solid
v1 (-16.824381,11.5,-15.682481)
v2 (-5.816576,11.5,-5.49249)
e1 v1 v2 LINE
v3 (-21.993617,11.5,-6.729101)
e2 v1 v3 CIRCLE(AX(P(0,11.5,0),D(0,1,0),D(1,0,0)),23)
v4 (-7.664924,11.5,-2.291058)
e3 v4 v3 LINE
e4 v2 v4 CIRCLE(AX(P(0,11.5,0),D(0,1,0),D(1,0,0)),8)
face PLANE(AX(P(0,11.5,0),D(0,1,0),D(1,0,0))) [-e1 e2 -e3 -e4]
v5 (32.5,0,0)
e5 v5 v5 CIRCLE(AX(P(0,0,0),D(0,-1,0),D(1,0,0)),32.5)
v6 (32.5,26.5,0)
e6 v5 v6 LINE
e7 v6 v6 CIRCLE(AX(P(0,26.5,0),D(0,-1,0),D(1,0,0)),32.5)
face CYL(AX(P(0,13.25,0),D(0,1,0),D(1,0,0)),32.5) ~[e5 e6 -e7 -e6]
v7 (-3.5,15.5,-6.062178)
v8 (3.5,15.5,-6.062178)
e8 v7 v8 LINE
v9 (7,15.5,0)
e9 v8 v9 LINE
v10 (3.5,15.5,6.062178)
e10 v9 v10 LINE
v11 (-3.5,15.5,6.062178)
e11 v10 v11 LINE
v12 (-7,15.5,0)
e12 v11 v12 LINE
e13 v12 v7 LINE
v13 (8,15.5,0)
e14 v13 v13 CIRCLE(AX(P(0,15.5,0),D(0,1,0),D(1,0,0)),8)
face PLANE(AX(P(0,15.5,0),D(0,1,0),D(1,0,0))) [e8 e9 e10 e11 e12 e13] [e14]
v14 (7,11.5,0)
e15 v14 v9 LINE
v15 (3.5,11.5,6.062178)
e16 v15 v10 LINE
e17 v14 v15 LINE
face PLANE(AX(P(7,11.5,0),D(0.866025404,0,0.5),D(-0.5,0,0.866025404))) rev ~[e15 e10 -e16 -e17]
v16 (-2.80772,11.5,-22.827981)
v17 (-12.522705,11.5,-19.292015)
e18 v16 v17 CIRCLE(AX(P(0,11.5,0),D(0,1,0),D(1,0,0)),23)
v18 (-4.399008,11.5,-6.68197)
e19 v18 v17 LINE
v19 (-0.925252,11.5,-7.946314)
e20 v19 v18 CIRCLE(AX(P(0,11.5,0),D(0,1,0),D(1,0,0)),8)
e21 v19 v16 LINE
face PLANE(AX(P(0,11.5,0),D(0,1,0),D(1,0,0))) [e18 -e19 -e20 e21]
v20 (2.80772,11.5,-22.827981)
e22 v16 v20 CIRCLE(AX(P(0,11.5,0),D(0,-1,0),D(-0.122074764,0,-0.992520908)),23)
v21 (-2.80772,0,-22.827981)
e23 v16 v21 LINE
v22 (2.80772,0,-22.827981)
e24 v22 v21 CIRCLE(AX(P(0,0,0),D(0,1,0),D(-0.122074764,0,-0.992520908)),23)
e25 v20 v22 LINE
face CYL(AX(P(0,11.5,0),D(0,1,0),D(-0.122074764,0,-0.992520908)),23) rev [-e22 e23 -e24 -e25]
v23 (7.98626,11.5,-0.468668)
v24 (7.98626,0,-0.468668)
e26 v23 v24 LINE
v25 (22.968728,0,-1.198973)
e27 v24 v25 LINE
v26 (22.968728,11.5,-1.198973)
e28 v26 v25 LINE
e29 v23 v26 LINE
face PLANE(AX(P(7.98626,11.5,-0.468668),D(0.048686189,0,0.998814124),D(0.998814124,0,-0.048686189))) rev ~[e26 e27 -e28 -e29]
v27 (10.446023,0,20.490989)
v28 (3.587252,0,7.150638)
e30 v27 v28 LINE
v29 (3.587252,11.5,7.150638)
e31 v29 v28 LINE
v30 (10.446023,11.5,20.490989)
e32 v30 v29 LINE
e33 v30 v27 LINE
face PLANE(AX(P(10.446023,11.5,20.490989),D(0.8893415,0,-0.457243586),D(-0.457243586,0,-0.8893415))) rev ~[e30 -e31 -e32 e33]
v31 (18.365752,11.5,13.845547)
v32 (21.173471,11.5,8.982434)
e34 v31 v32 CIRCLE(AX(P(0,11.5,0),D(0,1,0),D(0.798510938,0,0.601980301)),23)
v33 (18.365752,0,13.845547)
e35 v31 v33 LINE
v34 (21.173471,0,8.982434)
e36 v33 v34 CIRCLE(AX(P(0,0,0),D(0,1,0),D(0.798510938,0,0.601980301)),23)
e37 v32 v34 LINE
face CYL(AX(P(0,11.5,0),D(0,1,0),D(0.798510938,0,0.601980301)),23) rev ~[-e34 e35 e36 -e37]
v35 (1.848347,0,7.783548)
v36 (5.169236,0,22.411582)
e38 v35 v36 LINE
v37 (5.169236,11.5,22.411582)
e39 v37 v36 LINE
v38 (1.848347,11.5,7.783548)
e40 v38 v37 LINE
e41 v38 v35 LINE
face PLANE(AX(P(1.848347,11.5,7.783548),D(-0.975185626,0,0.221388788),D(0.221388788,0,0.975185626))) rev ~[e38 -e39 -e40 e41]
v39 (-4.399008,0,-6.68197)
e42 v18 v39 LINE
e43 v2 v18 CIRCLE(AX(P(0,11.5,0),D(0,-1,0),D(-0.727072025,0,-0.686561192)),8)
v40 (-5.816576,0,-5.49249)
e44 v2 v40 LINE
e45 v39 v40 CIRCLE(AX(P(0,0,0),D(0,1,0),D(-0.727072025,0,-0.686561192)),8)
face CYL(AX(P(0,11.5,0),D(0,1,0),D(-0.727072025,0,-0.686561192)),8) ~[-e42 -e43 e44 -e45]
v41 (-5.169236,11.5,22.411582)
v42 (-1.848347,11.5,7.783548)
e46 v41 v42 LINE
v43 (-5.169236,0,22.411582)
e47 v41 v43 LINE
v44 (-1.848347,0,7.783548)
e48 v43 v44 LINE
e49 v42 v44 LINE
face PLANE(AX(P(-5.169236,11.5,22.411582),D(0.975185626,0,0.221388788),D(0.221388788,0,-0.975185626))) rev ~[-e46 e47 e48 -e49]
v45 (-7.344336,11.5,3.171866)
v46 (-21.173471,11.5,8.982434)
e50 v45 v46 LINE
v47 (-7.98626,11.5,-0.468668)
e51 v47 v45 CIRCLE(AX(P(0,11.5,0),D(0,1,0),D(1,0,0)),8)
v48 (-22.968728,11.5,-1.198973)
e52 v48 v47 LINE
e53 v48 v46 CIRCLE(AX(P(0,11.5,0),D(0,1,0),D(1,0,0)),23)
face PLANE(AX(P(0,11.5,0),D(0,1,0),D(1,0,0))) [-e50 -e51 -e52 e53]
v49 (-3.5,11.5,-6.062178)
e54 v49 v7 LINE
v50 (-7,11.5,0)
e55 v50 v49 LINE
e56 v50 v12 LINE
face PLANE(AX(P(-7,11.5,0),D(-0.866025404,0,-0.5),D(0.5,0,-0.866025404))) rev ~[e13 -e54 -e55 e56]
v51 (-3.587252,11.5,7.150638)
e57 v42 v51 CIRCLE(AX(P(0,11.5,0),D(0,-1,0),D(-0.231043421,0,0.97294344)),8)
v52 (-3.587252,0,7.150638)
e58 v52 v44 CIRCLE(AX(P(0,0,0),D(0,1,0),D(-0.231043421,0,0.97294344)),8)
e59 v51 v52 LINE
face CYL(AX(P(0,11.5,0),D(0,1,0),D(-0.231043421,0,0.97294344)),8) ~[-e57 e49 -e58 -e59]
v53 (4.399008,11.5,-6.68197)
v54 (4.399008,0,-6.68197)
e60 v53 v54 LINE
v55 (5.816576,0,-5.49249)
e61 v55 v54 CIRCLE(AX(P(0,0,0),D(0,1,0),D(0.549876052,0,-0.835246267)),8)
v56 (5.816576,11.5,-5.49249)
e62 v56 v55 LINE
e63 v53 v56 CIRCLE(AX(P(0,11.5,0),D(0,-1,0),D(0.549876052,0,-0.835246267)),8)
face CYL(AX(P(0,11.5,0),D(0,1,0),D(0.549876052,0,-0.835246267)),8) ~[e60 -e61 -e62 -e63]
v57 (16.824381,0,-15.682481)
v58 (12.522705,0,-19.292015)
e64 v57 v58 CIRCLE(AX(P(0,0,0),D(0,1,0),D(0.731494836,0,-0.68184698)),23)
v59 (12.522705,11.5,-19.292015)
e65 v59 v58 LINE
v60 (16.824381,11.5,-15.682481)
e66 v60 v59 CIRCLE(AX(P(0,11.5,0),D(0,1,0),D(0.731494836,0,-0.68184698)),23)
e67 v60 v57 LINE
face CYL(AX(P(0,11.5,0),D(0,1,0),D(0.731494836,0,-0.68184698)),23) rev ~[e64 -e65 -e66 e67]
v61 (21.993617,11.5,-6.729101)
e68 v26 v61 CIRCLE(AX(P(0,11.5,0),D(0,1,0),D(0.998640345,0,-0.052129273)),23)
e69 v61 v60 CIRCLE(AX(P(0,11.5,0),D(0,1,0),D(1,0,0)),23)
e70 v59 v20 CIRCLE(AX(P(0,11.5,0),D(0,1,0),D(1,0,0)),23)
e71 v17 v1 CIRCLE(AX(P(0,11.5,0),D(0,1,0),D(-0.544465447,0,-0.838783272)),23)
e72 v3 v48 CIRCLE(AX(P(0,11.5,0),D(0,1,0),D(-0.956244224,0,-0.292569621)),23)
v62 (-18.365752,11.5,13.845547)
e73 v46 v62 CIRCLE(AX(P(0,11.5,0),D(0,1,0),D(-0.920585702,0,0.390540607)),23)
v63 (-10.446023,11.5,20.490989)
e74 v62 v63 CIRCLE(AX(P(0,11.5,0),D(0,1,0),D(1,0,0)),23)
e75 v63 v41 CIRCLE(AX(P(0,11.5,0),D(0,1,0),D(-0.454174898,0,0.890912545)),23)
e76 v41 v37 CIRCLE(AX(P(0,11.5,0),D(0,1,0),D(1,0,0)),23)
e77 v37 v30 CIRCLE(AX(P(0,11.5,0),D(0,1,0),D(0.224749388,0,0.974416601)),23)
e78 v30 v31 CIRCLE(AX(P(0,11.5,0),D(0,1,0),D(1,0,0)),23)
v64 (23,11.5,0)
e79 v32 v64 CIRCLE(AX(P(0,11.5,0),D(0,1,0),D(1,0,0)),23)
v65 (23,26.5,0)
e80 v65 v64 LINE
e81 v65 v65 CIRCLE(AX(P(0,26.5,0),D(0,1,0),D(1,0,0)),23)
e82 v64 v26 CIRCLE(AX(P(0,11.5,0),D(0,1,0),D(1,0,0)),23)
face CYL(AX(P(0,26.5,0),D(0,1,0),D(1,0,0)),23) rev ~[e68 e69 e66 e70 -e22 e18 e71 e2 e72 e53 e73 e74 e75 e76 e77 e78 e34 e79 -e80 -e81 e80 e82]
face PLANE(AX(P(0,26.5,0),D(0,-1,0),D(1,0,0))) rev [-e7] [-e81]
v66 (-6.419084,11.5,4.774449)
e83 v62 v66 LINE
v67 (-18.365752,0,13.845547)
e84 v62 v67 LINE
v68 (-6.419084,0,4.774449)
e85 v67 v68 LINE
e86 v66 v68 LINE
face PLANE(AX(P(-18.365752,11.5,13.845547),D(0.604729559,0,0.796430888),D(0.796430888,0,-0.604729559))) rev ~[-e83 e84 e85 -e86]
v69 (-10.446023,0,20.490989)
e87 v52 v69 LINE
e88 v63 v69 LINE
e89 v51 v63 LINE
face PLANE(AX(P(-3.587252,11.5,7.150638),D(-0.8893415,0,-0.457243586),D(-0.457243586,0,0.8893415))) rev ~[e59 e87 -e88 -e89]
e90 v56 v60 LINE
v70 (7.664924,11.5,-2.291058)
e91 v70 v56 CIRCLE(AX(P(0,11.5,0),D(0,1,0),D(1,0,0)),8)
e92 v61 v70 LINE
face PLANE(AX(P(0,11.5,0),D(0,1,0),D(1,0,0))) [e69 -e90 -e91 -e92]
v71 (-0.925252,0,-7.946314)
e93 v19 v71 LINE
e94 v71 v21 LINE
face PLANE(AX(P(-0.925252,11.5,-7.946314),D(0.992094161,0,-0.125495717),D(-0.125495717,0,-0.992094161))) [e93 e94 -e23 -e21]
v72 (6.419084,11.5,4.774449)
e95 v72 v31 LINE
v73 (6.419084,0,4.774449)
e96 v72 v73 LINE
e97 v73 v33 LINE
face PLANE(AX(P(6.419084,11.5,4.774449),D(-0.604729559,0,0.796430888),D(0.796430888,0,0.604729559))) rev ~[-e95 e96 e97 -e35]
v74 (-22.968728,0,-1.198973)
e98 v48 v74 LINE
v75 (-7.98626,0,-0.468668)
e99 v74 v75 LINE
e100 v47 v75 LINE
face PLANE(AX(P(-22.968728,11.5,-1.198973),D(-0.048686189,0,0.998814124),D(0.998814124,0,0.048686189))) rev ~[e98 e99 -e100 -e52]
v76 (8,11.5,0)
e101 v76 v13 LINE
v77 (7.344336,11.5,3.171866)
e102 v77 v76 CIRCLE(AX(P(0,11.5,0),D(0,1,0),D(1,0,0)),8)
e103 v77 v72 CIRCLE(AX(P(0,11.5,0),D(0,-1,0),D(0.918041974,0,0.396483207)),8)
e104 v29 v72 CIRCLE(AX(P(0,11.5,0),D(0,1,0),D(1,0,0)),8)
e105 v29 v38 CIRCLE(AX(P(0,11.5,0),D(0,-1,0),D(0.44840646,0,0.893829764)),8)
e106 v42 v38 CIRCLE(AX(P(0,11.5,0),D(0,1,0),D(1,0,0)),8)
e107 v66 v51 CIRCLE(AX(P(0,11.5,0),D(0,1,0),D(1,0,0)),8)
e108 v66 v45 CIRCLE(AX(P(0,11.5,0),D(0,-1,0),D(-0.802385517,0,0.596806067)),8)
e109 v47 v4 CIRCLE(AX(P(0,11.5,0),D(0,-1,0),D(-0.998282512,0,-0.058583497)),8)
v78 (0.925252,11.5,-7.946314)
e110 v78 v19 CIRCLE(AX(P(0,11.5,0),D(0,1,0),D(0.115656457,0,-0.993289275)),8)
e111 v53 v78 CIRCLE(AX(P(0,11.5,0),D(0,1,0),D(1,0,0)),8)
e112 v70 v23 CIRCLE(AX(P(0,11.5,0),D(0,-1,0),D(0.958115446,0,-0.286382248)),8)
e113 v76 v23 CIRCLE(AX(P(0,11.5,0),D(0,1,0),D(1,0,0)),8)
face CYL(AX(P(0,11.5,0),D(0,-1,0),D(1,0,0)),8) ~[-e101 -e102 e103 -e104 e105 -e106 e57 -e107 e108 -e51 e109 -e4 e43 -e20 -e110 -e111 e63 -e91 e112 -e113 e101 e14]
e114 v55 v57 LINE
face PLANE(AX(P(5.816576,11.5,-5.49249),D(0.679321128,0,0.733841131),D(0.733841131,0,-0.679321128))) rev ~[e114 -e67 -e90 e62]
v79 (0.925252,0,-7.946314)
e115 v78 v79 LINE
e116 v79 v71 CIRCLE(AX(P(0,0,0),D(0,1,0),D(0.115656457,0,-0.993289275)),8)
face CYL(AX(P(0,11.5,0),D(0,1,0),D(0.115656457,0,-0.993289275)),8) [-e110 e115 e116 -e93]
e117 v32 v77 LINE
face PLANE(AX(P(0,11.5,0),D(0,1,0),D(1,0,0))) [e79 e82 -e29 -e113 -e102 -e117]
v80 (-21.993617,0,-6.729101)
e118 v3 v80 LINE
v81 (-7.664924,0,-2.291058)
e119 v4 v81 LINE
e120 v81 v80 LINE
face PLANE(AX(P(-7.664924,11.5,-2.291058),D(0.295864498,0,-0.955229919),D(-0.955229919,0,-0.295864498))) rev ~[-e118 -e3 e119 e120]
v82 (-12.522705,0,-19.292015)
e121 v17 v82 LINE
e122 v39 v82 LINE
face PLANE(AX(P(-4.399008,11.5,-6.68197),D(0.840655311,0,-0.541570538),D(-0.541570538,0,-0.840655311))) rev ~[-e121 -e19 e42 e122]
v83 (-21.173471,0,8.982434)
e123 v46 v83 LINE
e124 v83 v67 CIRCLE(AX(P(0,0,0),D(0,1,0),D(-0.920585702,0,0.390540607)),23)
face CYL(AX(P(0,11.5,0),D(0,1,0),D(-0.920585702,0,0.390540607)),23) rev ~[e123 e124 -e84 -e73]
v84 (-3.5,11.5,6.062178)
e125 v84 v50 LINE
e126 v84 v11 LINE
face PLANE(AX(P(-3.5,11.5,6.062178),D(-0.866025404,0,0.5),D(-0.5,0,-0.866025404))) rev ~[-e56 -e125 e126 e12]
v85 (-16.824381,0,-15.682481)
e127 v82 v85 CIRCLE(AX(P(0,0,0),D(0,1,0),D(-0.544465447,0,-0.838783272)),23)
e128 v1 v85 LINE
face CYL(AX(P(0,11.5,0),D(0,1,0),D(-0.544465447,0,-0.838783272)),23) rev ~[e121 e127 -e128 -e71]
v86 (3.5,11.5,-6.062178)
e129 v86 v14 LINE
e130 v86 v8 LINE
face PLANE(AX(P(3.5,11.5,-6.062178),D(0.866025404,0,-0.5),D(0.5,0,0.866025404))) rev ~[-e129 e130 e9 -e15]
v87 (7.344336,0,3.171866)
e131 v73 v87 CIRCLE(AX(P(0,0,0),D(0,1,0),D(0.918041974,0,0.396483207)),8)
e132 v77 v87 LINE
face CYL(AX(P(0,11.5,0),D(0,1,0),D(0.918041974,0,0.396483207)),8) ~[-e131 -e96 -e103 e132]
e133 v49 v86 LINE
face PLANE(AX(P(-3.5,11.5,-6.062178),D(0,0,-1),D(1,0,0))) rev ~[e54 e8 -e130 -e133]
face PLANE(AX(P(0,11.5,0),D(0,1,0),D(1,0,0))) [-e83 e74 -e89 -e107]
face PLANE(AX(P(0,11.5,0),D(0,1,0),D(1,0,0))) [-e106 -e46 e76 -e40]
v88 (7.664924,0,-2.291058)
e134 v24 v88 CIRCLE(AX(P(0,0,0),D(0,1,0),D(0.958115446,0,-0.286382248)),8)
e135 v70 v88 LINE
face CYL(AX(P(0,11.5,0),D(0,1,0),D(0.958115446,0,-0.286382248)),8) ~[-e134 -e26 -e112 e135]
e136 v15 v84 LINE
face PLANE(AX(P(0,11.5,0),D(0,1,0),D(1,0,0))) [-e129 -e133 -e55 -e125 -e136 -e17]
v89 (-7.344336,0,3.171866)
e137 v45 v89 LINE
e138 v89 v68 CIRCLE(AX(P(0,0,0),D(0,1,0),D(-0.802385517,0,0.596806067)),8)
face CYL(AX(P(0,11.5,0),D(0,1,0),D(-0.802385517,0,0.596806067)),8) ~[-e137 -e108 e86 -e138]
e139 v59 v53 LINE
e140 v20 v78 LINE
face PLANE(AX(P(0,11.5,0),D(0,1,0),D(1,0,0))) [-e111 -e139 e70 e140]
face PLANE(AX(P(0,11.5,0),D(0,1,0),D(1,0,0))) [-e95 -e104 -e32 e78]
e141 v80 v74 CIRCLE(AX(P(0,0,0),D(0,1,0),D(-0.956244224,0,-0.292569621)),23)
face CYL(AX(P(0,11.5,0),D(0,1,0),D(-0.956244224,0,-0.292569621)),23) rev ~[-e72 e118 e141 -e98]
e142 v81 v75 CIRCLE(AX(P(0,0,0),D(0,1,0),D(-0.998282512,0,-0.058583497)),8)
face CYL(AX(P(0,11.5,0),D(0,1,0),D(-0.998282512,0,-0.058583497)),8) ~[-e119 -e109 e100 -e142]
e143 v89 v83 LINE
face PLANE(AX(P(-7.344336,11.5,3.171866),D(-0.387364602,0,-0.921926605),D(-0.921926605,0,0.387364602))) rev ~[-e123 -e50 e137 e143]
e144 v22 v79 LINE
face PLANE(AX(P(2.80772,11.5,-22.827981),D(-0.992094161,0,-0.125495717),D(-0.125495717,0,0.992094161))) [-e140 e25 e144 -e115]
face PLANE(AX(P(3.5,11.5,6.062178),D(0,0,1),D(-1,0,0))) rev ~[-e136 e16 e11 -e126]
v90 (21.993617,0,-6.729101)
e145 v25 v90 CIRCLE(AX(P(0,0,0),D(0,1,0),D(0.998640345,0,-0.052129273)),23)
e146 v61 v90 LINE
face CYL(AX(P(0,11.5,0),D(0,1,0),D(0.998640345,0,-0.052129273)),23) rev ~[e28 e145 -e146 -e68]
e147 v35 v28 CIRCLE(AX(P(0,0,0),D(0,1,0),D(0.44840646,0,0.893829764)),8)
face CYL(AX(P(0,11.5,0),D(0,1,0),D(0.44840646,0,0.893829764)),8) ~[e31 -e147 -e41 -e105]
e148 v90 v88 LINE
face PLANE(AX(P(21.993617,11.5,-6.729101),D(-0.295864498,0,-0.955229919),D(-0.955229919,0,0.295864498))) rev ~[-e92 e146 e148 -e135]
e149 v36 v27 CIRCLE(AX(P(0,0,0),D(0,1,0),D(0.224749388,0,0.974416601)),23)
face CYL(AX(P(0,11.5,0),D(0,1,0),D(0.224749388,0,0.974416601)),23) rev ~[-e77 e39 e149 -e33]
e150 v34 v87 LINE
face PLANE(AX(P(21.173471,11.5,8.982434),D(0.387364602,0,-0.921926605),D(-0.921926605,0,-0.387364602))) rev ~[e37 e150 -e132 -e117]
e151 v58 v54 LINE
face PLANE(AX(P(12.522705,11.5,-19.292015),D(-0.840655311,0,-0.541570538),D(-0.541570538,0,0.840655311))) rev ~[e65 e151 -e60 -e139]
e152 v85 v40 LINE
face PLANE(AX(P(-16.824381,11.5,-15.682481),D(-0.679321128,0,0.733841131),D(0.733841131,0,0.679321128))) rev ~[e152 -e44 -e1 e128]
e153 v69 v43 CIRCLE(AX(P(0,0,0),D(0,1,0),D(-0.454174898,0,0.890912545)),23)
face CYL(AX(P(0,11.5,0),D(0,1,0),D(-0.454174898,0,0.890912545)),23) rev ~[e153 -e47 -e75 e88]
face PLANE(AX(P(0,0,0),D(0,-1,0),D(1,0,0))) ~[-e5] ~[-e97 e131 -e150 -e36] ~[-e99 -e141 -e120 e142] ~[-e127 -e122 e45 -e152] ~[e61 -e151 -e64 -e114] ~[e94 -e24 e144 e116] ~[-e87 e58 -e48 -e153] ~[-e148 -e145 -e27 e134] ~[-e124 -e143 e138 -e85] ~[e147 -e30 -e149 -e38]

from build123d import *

# Parameters (mm, degrees)
SKETCH_1_W          = 32.5
SKETCH_1_H          = 26.5
SKETCH_2_R          = 23
CUT_EXTRUDE_1_DEPTH = 15
SKETCH_3_R          = 8
EXTRUDE_1_DEPTH     = 4
CUT_EXTRUDE_2_DEPTH = 12.5


with BuildPart() as part:
    # 草图1 → 旋转1 (revolve)
    with BuildSketch(Plane.XY):
        with Locations((16.25, 13.25)):
            Rectangle(SKETCH_1_W, SKETCH_1_H)
    revolve(axis=Axis((0, 54.381188119, 0), (0, -1, 0)))

    # 草图2 → 切除-拉伸1 (cut)
    with BuildSketch(Plane(origin=(0, 26.5, 0), x_dir=(1, 0, 0), z_dir=(0, 1, 0))):
        Circle(SKETCH_2_R)
    extrude(amount=-CUT_EXTRUDE_1_DEPTH, mode=Mode.SUBTRACT)

    # 草图3 → 凸台-拉伸1 (add)
    with BuildSketch(Plane(origin=(0, 11.5, 0), x_dir=(1, 0, 0), z_dir=(0, 1, 0))):
        Circle(SKETCH_3_R)
        Polygon((-3.5, 6.062177826), (3.5, 6.062177826), (7, 0), (3.5, -6.062177826), (-3.5, -6.062177826), (-7, 0), align=None, mode=Mode.SUBTRACT)
    extrude(amount=EXTRUDE_1_DEPTH)

    # 草图4 → 切除-拉伸2 (cut, through all)
    with BuildSketch(Plane(origin=(0, 11.5, 0), x_dir=(1, 0, 0), z_dir=(0, 1, 0))):
        with BuildLine():
            Line((-0.925251662, 7.9463142), (-2.807719573, 22.827980874))
            ThreePointArc((-2.807719573, 22.827980874), (0, 23), (2.807719573, 22.827980874))
            Line((2.807719573, 22.827980874), (0.925251662, 7.9463142))
            ThreePointArc((0.925251662, 7.9463142), (0, 8), (-0.925251662, 7.9463142))
        make_face()
        with BuildLine():
            Line((5.816576204, 5.492489532), (16.824381237, 15.682480544))
            ThreePointArc((16.824381237, 15.682480544), (14.784115023, 17.619022192), (12.522705284, 19.292015249))
            Line((12.522705284, 19.292015249), (4.399008416, 6.68197014))
            ThreePointArc((4.399008416, 6.68197014), (5.142300877, 6.128355545), (5.816576204, 5.492489532))
        make_face()
        with BuildLine():
            Line((7.986260097, 0.46866797), (22.968727938, 1.198973275))
            ThreePointArc((22.968727938, 1.198973275), (22.650578319, 3.993908086), (21.993617163, 6.729101282))
            Line((21.993617163, 6.729101282), (7.664923567, 2.29105799))
            ThreePointArc((7.664923567, 2.29105799), (7.878462024, 1.389185421), (7.986260097, 0.46866797))
        make_face()
        with BuildLine():
            Line((6.419084133, -4.774448544), (18.365751568, -13.845546914))
            ThreePointArc((18.365751568, -13.845546914), (19.918584287, -11.5), (21.173471141, -8.98243396))
            Line((21.173471141, -8.98243396), (7.344335794, -3.171865656))
            ThreePointArc((7.344335794, -3.171865656), (6.92820323, -4), (6.419084133, -4.774448544))
        make_face()
        with BuildLine():
            Line((1.848347363, -7.783547522), (5.169235927, -22.411581826))
            ThreePointArc((5.169235927, -22.411581826), (7.866463296, -21.612930278), (10.446022654, -20.490988524))
            Line((10.446022654, -20.490988524), (3.58725168, -7.15063811))
            ThreePointArc((3.58725168, -7.15063811), (2.736161147, -7.517540966), (1.848347363, -7.783547522))
        make_face()
        with BuildLine():
            Line((-3.58725168, -7.15063811), (-10.446022654, -20.490988524))
            ThreePointArc((-10.446022654, -20.490988524), (-7.866463296, -21.612930278), (-5.169235927, -22.411581826))
            Line((-5.169235927, -22.411581826), (-1.848347363, -7.783547522))
            ThreePointArc((-1.848347363, -7.783547522), (-2.736161147, -7.517540966), (-3.58725168, -7.15063811))
        make_face()
        with BuildLine():
            Line((-7.344335794, -3.171865656), (-21.173471141, -8.98243396))
            ThreePointArc((-21.173471141, -8.98243396), (-19.918584287, -11.5), (-18.365751568, -13.845546914))
            Line((-18.365751568, -13.845546914), (-6.419084133, -4.774448544))
            ThreePointArc((-6.419084133, -4.774448544), (-6.92820323, -4), (-7.344335794, -3.171865656))
        make_face()
        with BuildLine():
            Line((-7.664923567, 2.29105799), (-21.993617163, 6.729101282))
            ThreePointArc((-21.993617163, 6.729101282), (-22.650578319, 3.993908086), (-22.968727938, 1.198973275))
            Line((-22.968727938, 1.198973275), (-7.986260097, 0.46866797))
            ThreePointArc((-7.986260097, 0.46866797), (-7.878462024, 1.389185421), (-7.664923567, 2.29105799))
        make_face()
        with BuildLine():
            Line((-4.399008416, 6.68197014), (-12.522705284, 19.292015249))
            ThreePointArc((-12.522705284, 19.292015249), (-14.784115023, 17.619022192), (-16.824381237, 15.682480544))
            Line((-16.824381237, 15.682480544), (-5.816576204, 5.492489532))
            ThreePointArc((-5.816576204, 5.492489532), (-5.142300877, 6.128355545), (-4.399008416, 6.68197014))
        make_face()
    extrude(amount=-CUT_EXTRUDE_2_DEPTH, mode=Mode.SUBTRACT)


solid = part.part
